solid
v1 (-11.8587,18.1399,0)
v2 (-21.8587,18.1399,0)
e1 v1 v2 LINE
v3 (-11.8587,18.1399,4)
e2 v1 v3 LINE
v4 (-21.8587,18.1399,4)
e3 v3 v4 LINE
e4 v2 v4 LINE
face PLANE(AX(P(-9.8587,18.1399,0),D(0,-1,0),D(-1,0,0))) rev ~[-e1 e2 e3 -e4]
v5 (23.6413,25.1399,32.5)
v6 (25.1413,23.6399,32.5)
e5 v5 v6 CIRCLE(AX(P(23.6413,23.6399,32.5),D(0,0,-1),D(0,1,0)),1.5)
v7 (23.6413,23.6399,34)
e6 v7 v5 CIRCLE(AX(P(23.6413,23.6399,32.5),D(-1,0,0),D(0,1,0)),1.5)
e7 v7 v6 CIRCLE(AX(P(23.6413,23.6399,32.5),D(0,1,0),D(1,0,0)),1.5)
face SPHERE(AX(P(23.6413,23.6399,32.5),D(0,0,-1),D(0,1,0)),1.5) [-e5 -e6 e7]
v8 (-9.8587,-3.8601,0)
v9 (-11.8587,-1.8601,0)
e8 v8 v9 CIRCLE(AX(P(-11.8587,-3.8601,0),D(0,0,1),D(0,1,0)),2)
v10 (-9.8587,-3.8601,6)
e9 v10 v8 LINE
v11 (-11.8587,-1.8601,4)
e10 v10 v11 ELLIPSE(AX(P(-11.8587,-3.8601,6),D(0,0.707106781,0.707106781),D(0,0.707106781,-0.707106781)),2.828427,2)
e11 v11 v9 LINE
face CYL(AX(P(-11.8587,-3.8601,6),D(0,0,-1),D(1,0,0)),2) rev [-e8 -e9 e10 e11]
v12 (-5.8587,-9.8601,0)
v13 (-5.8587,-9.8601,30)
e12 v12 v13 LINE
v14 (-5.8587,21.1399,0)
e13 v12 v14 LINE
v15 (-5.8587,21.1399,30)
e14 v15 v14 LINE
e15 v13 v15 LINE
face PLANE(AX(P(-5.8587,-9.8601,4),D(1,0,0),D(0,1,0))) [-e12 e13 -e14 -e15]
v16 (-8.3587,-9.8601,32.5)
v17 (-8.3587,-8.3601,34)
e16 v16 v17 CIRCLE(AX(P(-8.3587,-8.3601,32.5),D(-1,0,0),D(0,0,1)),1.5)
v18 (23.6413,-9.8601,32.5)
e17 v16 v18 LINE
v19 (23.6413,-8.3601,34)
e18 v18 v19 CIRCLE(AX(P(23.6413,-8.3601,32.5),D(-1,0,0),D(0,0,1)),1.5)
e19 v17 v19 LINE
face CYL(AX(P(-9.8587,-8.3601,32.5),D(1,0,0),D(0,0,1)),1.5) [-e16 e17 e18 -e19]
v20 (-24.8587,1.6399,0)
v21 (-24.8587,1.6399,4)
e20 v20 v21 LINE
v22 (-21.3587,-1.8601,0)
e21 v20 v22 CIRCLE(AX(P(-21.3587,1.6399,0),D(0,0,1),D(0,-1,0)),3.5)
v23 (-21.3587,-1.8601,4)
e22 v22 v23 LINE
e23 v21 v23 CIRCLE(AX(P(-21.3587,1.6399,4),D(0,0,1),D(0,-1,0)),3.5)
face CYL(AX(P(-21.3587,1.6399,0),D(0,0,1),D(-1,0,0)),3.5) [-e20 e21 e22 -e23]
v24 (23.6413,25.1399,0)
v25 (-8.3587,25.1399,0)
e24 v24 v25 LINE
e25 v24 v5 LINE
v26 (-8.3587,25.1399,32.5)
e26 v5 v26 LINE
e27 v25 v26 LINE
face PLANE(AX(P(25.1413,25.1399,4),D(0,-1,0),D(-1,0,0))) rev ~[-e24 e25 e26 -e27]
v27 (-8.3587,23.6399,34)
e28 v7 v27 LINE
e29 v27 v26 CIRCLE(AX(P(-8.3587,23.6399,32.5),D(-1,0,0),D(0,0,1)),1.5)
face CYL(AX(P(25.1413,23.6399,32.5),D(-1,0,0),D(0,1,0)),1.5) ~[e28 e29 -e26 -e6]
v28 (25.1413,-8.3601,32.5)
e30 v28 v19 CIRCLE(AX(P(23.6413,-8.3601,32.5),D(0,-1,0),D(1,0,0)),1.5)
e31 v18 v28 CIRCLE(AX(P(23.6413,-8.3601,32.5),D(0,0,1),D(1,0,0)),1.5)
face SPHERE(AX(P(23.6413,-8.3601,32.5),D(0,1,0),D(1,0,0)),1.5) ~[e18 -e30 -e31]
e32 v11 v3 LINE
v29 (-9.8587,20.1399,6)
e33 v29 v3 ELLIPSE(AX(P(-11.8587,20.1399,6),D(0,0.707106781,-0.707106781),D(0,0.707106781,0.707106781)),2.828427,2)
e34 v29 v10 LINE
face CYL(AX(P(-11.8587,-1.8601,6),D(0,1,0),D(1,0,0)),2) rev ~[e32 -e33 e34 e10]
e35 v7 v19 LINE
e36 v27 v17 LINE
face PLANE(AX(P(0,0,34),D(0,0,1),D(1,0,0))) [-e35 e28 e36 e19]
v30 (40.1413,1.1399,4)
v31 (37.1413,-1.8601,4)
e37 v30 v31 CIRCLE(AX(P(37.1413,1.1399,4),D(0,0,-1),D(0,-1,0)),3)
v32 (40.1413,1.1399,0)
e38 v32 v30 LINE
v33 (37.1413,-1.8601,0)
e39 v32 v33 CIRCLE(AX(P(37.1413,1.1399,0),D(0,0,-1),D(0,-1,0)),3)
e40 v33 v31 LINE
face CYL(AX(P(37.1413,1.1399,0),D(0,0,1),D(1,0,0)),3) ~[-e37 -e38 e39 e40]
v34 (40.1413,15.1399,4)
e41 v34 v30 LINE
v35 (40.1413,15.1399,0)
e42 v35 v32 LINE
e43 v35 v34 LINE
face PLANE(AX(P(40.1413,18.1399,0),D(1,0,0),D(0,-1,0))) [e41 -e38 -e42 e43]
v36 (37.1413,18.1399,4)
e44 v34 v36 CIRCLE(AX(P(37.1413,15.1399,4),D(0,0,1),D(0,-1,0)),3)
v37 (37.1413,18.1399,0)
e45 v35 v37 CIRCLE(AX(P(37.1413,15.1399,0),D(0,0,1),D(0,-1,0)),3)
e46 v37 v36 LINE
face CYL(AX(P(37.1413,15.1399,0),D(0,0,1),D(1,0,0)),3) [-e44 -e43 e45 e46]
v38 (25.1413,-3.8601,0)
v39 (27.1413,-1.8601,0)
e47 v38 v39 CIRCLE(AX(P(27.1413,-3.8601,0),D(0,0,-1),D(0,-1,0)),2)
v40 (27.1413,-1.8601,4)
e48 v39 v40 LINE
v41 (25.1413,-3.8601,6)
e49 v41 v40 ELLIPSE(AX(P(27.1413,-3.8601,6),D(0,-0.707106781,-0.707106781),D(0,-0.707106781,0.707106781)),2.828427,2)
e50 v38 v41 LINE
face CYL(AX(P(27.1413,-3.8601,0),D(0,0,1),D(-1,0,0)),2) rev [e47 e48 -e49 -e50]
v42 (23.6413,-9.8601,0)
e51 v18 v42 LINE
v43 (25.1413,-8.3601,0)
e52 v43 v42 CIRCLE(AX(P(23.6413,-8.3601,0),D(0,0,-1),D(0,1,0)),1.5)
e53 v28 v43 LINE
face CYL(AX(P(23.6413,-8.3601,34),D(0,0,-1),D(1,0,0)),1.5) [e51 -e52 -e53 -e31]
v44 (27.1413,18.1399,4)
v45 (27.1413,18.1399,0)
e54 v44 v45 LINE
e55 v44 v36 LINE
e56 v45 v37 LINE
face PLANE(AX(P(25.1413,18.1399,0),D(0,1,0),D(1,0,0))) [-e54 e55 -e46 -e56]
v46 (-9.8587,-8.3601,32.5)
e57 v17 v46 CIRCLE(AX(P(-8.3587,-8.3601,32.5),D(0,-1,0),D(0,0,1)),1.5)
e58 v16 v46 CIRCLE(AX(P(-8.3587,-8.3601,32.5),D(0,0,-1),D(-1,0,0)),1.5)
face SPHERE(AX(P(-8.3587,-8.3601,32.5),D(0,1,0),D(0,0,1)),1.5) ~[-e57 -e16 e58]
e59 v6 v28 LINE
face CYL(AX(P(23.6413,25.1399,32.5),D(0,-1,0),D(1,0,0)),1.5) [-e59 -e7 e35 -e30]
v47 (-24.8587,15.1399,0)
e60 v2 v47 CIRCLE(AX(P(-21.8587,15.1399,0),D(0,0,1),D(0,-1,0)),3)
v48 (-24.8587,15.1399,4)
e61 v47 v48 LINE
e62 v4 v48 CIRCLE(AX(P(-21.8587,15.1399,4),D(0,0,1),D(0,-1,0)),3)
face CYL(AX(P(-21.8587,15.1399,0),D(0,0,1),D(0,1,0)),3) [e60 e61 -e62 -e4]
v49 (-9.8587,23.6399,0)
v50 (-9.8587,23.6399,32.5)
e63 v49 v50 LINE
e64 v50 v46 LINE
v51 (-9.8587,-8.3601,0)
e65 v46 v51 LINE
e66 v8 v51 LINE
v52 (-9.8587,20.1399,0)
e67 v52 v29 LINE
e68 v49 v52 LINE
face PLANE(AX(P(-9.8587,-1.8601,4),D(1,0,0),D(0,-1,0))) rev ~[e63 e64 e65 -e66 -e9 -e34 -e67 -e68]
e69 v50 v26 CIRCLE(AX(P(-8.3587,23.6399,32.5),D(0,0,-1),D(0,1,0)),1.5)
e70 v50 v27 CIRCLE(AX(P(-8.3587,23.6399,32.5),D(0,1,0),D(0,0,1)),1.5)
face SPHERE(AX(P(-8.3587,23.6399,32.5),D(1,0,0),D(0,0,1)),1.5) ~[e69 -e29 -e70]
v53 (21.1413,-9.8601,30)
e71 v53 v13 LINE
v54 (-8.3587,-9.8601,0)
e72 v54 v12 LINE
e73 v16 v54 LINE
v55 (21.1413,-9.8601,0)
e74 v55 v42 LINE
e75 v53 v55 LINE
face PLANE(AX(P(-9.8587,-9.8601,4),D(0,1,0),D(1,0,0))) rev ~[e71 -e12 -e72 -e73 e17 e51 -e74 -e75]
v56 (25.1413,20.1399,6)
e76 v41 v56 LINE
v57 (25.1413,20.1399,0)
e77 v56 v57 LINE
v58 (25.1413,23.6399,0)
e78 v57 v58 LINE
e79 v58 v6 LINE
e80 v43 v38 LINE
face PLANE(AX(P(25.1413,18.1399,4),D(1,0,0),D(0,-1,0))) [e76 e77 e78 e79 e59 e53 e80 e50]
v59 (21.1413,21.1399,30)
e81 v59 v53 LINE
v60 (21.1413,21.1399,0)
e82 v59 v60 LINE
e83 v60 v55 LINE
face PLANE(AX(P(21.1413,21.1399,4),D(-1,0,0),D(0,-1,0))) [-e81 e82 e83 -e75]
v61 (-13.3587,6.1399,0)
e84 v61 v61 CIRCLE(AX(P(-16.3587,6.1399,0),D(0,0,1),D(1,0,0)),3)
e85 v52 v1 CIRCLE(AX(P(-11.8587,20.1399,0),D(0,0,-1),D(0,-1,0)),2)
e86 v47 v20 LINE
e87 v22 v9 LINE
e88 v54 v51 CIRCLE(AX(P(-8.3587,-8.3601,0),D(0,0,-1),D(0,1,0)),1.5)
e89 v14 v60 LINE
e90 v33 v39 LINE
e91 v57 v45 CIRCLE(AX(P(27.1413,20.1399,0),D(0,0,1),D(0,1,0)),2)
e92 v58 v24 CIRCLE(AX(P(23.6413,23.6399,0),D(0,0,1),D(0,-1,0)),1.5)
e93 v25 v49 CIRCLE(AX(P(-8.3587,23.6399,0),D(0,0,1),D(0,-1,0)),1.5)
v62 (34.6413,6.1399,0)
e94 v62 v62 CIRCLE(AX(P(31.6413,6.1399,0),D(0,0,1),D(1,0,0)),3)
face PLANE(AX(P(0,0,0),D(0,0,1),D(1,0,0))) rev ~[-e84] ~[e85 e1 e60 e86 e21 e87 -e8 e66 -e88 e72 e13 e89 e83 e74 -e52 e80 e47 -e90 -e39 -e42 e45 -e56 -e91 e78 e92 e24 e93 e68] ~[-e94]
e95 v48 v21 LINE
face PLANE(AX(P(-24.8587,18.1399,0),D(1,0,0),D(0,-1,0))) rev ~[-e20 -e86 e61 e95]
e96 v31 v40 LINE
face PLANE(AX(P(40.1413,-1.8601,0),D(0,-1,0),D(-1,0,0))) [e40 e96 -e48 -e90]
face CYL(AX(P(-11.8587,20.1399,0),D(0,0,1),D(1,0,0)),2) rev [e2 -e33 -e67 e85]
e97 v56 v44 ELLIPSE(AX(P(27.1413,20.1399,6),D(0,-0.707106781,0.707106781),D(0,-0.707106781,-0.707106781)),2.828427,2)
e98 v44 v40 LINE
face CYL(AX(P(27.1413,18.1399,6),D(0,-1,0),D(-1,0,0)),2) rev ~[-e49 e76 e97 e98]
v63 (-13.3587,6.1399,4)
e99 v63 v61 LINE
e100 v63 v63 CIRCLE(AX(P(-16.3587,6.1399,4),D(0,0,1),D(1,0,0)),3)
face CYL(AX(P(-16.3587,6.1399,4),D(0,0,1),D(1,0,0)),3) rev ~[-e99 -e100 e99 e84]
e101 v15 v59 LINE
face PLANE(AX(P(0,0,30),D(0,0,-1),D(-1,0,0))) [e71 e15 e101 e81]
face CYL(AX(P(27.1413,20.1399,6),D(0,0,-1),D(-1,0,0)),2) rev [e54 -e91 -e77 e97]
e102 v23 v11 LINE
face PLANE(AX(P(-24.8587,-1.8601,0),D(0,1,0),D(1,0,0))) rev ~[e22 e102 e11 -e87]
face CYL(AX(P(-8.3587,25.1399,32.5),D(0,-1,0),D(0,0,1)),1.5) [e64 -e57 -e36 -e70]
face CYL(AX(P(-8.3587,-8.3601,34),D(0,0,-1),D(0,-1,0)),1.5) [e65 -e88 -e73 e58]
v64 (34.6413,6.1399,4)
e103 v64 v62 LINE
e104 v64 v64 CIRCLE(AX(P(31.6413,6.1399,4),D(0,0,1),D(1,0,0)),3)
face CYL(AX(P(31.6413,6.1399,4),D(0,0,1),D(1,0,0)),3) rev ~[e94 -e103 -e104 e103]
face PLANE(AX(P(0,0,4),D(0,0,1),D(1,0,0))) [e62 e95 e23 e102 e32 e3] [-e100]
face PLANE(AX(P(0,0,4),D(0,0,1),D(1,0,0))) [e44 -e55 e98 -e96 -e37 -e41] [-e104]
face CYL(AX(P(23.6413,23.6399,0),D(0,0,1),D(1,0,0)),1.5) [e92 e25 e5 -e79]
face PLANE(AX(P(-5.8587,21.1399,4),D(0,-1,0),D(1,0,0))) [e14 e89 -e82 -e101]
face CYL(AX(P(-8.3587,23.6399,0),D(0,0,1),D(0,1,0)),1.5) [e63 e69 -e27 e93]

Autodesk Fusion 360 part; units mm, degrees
sketch "Sketch5" plane through (0, 0, 0) normal (0, 0, 1) x (1, 0, 0)
  line L0 (25.1413, 25.1399) -> (-9.8587, 25.1399)
  line L1 (-9.8587, 25.1399) -> (-9.8587, -9.8601)
  line L2 (-9.8587, -9.8601) -> (25.1413, -9.8601)
  line L3 (25.1413, -9.8601) -> (25.1413, 25.1399)
  line L4 (-9.8587, 18.1399) -> (-24.8587, 18.1399)
  line L5 (-24.8587, 18.1399) -> (-24.8587, -1.8601)
  line L6 (-24.8587, -1.8601) -> (-9.8587, -1.8601)
  line L7 (-9.8587, -1.8601) -> (-9.8587, 18.1399)
  line L8 (25.1413, 18.1399) -> (40.1413, 18.1399)
  line L9 (40.1413, 18.1399) -> (40.1413, -1.8601)
  line L10 (40.1413, -1.8601) -> (25.1413, -1.8601)
  line L11 (25.1413, -1.8601) -> (25.1413, 18.1399)
  dimension "d12" = 35
  dimension "d13" = 35
  dimension "d14" = 15
  dimension "d15" = 20
  dimension "d16" = 7
  dimension "d17" = 15
  dimension "d18" = 20
  dimension "d19" = 7
extrude "Extrude4" add sketch "Sketch5" along normal blind 4
sketch "Sketch6" plane through (0, 0, 4) normal (0, 0, 1) x (1, 0, 0)
  line L0 (25.1413, 18.1399) -> (25.1413, 25.1399)
  line L1 (25.1413, 25.1399) -> (-9.8587, 25.1399)
  line L2 (-9.8587, 25.1399) -> (-9.8587, 18.1399)
  line L3 (-9.8587, 18.1399) -> (-24.8587, 18.1399)
  line L4 (-24.8587, 18.1399) -> (-24.8587, -1.8601)
  line L5 (-24.8587, -1.8601) -> (-9.8587, -1.8601)
  line L6 (-9.8587, -1.8601) -> (-9.8587, -9.8601)
  line L7 (-9.8587, -9.8601) -> (25.1413, -9.8601)
  line L8 (25.1413, -9.8601) -> (25.1413, -1.8601)
  line L9 (25.1413, -1.8601) -> (40.1413, -1.8601)
  line L10 (40.1413, -1.8601) -> (40.1413, 18.1399)
  line L11 (40.1413, 18.1399) -> (25.1413, 18.1399)
  circle A0 centre (-16.3587, 6.1399) radius 3
  circle A1 centre (31.6413, 6.1399) radius 3
  line L12 (7.6413, 25.1399) -> (7.6413, -9.8601) construction
  dimension "d22" = 6
  dimension "d23" = 6
  dimension "d24" = 48
  dimension "d25" = 12
  dimension "d26" = 12
  dimension "d27" = 24
extrude "Extrude5" cut sketch "Sketch6" against normal up to surface (4 mm away) contours A0 | A1
sketch "Sketch7" plane through (0, 0, 4) normal (0, 0, 1) x (1, 0, 0)
  circle A0 centre (-16.3587, 6.1399) radius 3
  circle A1 centre (31.6413, 6.1399) radius 3
  line L0 (25.1413, 18.1399) -> (25.1413, 25.1399)
  line L1 (25.1413, 25.1399) -> (-9.8587, 25.1399)
  line L2 (-9.8587, 25.1399) -> (-9.8587, 18.1399)
  line L3 (-9.8587, 18.1399) -> (-24.8587, 18.1399)
  line L4 (-24.8587, 18.1399) -> (-24.8587, -1.8601)
  line L5 (-24.8587, -1.8601) -> (-9.8587, -1.8601)
  line L6 (-9.8587, -1.8601) -> (-9.8587, -9.8601)
  line L7 (-9.8587, -9.8601) -> (25.1413, -9.8601)
  line L8 (25.1413, -9.8601) -> (25.1413, -1.8601)
  line L9 (25.1413, -1.8601) -> (40.1413, -1.8601)
  line L10 (40.1413, -1.8601) -> (40.1413, 18.1399)
  line L11 (40.1413, 18.1399) -> (25.1413, 18.1399)
  line L12 (-5.8587, 21.1399) -> (21.1413, 21.1399)
  line L13 (21.1413, 21.1399) -> (21.1413, -9.8601)
  line L14 (21.1413, -9.8601) -> (-5.8587, -9.8601)
  line L15 (-5.8587, -9.8601) -> (-5.8587, 21.1399)
  dimension "d30" = 4
  dimension "d31" = 4
  dimension "d32" = 4
sketch "Sketch9" plane through (0, 0, 4) normal (0, 0, 1) x (1, 0, 0)
  circle A0 centre (-16.3587, 6.1399) radius 3
  circle A1 centre (31.6413, 6.1399) radius 3
  line L0 (25.1413, 18.1399) -> (25.1413, 25.1399)
  line L1 (25.1413, 25.1399) -> (-9.8587, 25.1399)
  line L2 (-9.8587, 25.1399) -> (-9.8587, 18.1399)
  line L3 (-9.8587, 18.1399) -> (-24.8587, 18.1399)
  line L4 (-24.8587, 18.1399) -> (-24.8587, -1.8601)
  line L5 (-24.8587, -1.8601) -> (-9.8587, -1.8601)
  line L6 (-9.8587, -1.8601) -> (-9.8587, -9.8601)
  line L7 (-9.8587, -9.8601) -> (25.1413, -9.8601)
  line L8 (25.1413, -9.8601) -> (25.1413, -1.8601)
  line L9 (25.1413, -1.8601) -> (40.1413, -1.8601)
  line L10 (40.1413, -1.8601) -> (40.1413, 18.1399)
  line L11 (40.1413, 18.1399) -> (25.1413, 18.1399)
  line L12 (-9.8587, 25.1399) -> (25.1413, 25.1399)
  line L13 (25.1413, 25.1399) -> (25.1413, -9.8601)
  line L14 (25.1413, -9.8601) -> (-9.8587, -9.8601)
  line L15 (-9.8587, -9.8601) -> (-9.8587, 25.1399)
extrude "Extrude7" add sketch "Sketch9" along normal blind 30 contours L0 L1 L2 L6 L7 L8 L12 L13 L14 L15
extrude "Extrude6" cut sketch "Sketch7" against normal blind 4 contours L7 L12 L13 L14 L15
sketch "Sketch8" plane through (0, 0, 4) normal (0, 0, 1) x (1, 0, 0)
  line L0 (25.1413, 18.1399) -> (25.1413, -1.8601)
  line L1 (25.1413, -1.8601) -> (40.1413, -1.8601)
  line L2 (40.1413, -1.8601) -> (40.1413, 18.1399)
  line L3 (40.1413, 18.1399) -> (25.1413, 18.1399)
  line L4 (-9.8587, 18.1399) -> (-24.8587, 18.1399)
  line L5 (-24.8587, 18.1399) -> (-24.8587, -1.8601)
  line L6 (-24.8587, -1.8601) -> (-9.8587, -1.8601)
  line L7 (-9.8587, -1.8601) -> (-9.8587, 18.1399)
  circle A0 centre (-16.3587, 6.1399) radius 3
  circle A1 centre (31.6413, 6.1399) radius 3
  line L8 (-9.8587, 53.1399) -> (25.1413, 53.1399)
  line L9 (25.1413, 53.1399) -> (25.1413, 18.1399)
  line L10 (25.1413, 18.1399) -> (-9.8587, 18.1399)
  line L11 (-9.8587, 18.1399) -> (-9.8587, 53.1399)
sketch "Sketch10" plane through (0, 0, 4) normal (0, 0, -1) x (-1, 0, 0)
  line L0 (-21.1413, -9.8601) -> (5.8587, -9.8601)
  line L1 (5.8587, -9.8601) -> (5.8587, 21.1399)
  line L2 (5.8587, 21.1399) -> (-21.1413, 21.1399)
  line L3 (-21.1413, 21.1399) -> (-21.1413, -9.8601)
  line L4 (-21.1413, 21.1399) -> (5.8587, 21.1399)
  line L5 (5.8587, 21.1399) -> (5.8587, -9.8601)
  line L6 (5.8587, -9.8601) -> (-21.1413, -9.8601)
  line L7 (-21.1413, -9.8601) -> (-21.1413, 21.1399)
extrude "Extrude8" cut sketch "Sketch10" against normal up to surface (26 mm away)
fillet "Fillet1" radius 1.5 8 edges at (25.1413, 25.1399, 17) (7.6413, 25.1399, 34) (25.1413, 7.6399, 34) (-9.8587, 7.6399, 34) (-9.8587, 25.1399, 17) (25.1413, -9.8601, 17) (7.6413, -9.8601, 34) (-9.8587, -9.8601, 17)
fillet "Fillet2" radius 2 1 edges at (-9.8587, 8.1399, 4)
fillet "Fillet3" radius 2 1 edges at (-9.8587, 18.1399, 3)
fillet "Fillet4" radius 2 1 edges at (25.1413, 8.1399, 4)
fillet "Fillet5" radius 2 1 edges at (25.1413, 18.1399, 3)
fillet "Fillet6" radius 2 1 edges at (25.1413, -1.8601, 3)
fillet "Fillet7" radius 2 1 edges at (-9.8587, -1.8601, 3)
fillet "Fillet8" radius 3 1 edges at (40.1413, 18.1399, 2)
fillet "Fillet9" radius 3 1 edges at (40.1413, -1.8601, 2)
fillet "Fillet10" radius 3 1 edges at (-24.8587, 18.1399, 2)
fillet "Fillet11" radius 3.5 1 edges at (-24.8587, -1.8601, 2)
